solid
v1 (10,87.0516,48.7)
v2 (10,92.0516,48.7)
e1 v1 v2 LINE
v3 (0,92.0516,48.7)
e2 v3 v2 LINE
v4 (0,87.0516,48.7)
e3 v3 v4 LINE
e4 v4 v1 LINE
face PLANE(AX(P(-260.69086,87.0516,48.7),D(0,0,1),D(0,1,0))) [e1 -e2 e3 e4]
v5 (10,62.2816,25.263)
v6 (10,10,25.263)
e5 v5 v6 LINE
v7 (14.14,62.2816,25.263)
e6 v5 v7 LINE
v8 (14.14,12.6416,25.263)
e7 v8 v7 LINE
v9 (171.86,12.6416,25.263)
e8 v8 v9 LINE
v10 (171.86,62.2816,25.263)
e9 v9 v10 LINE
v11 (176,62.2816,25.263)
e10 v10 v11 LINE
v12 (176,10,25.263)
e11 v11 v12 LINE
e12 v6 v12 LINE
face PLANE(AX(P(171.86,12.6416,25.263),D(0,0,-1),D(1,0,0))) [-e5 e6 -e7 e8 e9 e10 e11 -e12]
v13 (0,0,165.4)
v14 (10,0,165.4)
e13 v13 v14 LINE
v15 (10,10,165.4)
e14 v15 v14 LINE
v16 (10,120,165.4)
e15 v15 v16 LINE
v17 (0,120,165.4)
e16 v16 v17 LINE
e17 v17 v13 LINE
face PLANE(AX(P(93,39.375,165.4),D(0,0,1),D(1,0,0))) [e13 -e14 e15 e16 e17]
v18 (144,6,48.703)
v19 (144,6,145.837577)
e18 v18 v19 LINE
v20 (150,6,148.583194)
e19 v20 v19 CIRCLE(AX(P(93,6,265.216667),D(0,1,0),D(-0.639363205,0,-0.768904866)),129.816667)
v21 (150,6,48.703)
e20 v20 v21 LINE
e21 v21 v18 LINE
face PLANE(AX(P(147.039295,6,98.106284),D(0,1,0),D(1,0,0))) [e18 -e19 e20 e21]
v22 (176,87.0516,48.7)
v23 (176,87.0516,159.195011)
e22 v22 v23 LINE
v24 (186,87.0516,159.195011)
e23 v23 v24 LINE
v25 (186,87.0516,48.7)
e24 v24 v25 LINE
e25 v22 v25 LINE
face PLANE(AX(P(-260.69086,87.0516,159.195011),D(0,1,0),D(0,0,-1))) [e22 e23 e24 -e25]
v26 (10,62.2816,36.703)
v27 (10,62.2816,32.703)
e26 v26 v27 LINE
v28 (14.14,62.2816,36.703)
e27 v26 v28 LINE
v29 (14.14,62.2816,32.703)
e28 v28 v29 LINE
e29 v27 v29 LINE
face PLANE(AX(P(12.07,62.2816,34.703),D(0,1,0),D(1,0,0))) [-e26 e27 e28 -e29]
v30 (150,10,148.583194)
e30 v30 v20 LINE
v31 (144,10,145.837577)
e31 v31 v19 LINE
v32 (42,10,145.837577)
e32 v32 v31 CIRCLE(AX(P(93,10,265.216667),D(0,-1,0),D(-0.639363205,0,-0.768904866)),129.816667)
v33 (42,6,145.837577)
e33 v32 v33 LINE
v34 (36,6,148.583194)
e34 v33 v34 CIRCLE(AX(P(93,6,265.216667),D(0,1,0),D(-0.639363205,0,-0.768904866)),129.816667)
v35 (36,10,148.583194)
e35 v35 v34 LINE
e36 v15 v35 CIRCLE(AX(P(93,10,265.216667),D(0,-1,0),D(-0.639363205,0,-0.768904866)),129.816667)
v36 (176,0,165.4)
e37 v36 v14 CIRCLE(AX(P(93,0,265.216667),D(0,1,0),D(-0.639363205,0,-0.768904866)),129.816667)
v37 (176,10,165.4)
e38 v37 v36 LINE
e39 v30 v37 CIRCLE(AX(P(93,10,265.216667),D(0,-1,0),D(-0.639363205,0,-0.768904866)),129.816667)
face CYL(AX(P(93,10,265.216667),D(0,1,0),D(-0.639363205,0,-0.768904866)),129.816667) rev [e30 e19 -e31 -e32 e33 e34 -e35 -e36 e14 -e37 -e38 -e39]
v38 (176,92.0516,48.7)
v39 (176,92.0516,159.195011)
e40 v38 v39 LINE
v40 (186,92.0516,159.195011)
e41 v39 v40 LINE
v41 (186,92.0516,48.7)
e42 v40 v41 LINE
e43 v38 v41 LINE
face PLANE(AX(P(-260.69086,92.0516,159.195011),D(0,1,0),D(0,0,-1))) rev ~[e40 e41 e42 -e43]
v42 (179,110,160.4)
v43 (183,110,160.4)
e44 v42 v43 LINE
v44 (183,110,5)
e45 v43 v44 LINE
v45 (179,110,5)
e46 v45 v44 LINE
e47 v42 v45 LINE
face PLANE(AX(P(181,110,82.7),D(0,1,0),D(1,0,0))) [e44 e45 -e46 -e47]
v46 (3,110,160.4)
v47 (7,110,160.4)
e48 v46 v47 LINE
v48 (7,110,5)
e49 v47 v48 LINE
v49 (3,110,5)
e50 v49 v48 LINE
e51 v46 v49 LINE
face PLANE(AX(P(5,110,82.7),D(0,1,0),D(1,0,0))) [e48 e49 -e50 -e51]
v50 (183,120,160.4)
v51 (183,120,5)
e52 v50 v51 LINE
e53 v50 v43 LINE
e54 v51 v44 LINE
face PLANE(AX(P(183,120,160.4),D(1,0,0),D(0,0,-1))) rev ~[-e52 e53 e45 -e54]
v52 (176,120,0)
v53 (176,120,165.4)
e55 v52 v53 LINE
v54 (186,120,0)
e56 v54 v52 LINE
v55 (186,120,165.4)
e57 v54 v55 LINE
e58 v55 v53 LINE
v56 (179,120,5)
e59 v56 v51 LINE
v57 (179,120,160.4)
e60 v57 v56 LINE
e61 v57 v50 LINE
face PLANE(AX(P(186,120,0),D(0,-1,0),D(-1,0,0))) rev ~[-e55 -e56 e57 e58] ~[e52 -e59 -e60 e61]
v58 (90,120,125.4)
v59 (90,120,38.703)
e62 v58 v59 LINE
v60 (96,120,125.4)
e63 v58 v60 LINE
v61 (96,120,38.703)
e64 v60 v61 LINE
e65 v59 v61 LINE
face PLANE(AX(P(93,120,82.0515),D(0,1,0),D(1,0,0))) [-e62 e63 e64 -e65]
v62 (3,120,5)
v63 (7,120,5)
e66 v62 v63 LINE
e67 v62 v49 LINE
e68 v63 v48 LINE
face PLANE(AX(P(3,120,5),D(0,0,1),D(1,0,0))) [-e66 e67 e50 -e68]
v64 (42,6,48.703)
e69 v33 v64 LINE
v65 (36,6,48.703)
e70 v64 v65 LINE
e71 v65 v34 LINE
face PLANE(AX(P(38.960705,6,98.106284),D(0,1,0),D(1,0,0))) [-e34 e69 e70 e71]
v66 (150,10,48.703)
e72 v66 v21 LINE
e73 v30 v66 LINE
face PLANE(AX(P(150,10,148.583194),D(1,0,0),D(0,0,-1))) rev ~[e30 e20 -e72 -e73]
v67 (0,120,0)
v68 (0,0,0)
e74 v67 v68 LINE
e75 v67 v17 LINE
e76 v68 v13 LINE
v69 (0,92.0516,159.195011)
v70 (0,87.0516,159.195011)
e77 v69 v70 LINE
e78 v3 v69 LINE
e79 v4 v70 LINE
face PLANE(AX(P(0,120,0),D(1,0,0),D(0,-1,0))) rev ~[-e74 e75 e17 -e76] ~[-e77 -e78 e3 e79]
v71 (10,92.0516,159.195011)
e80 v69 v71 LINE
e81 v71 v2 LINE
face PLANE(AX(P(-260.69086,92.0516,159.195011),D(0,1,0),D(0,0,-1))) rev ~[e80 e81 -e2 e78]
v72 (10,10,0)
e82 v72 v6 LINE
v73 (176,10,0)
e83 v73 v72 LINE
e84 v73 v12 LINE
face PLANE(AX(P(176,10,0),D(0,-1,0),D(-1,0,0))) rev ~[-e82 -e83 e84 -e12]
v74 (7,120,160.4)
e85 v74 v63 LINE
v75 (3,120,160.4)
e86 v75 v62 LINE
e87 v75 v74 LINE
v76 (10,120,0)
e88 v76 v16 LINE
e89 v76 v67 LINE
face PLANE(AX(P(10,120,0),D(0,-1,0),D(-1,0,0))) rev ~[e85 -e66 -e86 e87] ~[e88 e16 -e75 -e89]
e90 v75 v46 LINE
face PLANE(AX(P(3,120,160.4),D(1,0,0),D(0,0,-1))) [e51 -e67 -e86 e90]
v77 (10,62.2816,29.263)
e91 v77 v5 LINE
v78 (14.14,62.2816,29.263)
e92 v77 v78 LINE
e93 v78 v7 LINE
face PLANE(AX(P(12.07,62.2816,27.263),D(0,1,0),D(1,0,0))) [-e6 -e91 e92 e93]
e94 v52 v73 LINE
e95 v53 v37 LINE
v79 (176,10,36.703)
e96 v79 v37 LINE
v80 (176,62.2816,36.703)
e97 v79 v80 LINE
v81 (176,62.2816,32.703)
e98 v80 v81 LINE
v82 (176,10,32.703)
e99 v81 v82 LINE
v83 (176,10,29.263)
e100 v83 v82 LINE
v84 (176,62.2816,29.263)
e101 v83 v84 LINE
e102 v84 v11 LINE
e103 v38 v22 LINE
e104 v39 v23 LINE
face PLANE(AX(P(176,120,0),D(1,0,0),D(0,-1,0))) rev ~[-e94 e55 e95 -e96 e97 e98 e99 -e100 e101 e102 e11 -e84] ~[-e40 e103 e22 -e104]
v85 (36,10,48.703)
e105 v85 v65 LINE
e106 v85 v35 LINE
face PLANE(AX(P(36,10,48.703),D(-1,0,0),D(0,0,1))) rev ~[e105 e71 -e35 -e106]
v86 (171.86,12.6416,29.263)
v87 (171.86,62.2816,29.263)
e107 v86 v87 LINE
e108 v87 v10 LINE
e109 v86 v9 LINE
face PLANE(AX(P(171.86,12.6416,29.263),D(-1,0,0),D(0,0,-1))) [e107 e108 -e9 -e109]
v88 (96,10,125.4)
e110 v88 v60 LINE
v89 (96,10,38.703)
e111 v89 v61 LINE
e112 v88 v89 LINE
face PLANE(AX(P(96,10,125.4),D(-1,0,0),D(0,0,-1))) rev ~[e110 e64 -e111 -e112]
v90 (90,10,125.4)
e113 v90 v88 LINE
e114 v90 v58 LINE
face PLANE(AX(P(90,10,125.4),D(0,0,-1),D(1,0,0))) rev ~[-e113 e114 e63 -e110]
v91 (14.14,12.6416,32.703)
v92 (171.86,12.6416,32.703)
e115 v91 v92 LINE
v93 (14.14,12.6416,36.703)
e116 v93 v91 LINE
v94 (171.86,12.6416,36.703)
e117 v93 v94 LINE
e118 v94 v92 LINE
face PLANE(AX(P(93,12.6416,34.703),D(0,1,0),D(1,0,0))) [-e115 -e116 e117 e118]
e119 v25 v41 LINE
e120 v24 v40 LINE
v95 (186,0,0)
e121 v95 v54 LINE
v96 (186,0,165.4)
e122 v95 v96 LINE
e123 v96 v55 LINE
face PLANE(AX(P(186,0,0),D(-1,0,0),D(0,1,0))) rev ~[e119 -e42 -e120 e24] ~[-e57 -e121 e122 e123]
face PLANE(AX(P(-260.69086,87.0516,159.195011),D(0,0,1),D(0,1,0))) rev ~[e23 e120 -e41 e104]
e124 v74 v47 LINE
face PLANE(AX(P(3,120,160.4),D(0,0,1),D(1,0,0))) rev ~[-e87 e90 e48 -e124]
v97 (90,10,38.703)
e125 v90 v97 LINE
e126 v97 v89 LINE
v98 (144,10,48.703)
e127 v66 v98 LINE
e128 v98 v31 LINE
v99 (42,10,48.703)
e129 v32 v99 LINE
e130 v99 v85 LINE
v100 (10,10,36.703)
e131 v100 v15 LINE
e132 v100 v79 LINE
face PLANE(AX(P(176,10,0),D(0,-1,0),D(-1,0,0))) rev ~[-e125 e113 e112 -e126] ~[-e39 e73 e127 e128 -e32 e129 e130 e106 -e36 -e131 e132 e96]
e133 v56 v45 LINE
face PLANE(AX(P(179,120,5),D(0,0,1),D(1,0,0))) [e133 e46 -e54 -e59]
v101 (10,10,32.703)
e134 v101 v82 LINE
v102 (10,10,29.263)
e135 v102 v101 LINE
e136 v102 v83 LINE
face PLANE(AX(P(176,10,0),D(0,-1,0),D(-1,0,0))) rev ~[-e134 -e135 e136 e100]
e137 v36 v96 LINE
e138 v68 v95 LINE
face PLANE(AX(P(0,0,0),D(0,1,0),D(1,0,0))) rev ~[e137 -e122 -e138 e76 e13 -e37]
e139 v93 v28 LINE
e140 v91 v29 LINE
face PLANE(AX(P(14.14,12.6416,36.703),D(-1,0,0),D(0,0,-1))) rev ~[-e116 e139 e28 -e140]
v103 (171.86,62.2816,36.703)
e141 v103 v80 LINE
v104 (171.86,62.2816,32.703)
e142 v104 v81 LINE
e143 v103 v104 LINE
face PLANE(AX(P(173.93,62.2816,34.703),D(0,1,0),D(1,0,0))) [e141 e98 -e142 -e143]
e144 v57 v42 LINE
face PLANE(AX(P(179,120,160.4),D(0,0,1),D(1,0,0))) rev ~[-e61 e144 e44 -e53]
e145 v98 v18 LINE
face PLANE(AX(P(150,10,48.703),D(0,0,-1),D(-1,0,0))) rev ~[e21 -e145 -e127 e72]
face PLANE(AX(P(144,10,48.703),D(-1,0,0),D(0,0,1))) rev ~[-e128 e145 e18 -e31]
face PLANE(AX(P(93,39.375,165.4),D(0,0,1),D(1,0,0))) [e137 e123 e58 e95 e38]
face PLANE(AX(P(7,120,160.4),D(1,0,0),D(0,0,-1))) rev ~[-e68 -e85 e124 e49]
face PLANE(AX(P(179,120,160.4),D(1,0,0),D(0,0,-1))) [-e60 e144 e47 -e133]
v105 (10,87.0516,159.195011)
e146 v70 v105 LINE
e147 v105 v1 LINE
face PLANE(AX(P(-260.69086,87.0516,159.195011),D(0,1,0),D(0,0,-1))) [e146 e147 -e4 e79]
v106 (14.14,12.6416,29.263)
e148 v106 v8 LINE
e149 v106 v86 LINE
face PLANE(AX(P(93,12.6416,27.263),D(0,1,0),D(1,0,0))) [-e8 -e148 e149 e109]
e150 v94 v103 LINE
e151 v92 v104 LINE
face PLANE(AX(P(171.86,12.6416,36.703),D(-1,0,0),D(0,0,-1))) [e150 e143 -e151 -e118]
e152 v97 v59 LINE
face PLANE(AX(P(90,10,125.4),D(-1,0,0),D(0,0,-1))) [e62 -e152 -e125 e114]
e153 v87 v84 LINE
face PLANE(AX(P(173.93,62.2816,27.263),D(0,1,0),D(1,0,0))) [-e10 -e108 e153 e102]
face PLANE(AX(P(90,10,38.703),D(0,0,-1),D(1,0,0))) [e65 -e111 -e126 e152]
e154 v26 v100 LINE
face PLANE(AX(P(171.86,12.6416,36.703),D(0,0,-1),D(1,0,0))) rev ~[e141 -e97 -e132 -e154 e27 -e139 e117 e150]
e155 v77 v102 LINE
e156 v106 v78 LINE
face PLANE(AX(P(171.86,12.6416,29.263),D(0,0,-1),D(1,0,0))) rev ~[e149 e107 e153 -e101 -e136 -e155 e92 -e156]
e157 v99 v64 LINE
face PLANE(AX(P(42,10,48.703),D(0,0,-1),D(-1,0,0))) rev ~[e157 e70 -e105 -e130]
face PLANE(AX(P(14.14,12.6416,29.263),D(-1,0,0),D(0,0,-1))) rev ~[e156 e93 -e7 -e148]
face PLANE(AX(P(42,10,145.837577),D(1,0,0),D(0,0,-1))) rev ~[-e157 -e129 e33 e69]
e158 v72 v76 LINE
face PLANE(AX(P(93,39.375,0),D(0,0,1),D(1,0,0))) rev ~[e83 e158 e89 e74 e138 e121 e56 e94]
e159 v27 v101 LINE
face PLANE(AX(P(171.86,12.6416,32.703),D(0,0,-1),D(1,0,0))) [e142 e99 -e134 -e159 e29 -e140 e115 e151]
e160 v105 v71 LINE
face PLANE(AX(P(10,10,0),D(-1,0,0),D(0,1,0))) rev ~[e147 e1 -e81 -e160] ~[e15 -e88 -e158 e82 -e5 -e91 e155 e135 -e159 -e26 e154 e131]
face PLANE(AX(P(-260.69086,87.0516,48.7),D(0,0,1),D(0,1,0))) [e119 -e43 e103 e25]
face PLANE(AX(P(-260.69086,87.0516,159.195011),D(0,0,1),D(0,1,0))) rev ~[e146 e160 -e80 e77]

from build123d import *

# Parameters (mm, degrees)
EXTRUDE_THIN2_DEPTH     = 165.4
SKETCH11_W              = 166
SKETCH11_H              = 4
BOSS_EXTRUDE3_DEPTH     = 2.6416
CUT_EXTRUDE6_DEPTH      = 270.69086006
CUT_EXTRUDE6_DEPTH_BACK = 270.69086006
SKETCH13_W              = 110.495011338
SKETCH13_H              = 5
CUT_EXTRUDE7_DEPTH      = 273.127102656
SKETCH19_W              = 4
SKETCH19_H              = 155.4
CUT_EXTRUDE9_DEPTH      = 10
SKETCH20_W              = 4
SKETCH20_H              = 155.4
CUT_EXTRUDE10_DEPTH     = 10
SKETCH21_W              = 6
SKETCH21_H              = 86.697
BOSS_EXTRUDE4_DEPTH     = 110
CUT_EXTRUDE11_DEPTH     = 4
SKETCH23_W              = 166
SKETCH23_H              = 4
BOSS_EXTRUDE5_DEPTH     = 2.6416
SKETCH24_W              = 4.14
SKETCH24_H              = 4
BOSS_EXTRUDE6_DEPTH     = 49.64
SKETCH25_W              = 4.14
SKETCH25_H              = 4
BOSS_EXTRUDE7_DEPTH     = 49.64
SKETCH26_W              = 4.14
SKETCH26_H              = 4
BOSS_EXTRUDE8_DEPTH     = 49.64
SKETCH27_W              = 4.14
SKETCH27_H              = 4
BOSS_EXTRUDE9_DEPTH     = 49.64


with BuildPart() as part:
    # Sketch2 → Extrude-Thin2 (new body)
    with BuildSketch(Plane.XY):
        Polygon((0, 120), (0, 0), (186, 0), (186, 120), (176, 120), (176, 10), (10, 10), (10, 120), align=None)
    extrude(amount=EXTRUDE_THIN2_DEPTH)

    # Sketch11 → Boss-Extrude3 (add)
    with BuildSketch(Plane(origin=(0, 10, 0), x_dir=(1, 0, 0), z_dir=(0, 1, 0))):
        with Locations((93, -34.703)):
            Rectangle(SKETCH11_W, SKETCH11_H)
    extrude(amount=BOSS_EXTRUDE3_DEPTH)

    # Sketch13 → Cut-Extrude6 (cut, two sides: drawn at the far end of the back side and taken through both)
    with BuildSketch(Plane(origin=(10, 0, 0), x_dir=(0, 0, -1), z_dir=(1, 0, 0)).offset(-CUT_EXTRUDE6_DEPTH_BACK)):
        with Locations((-103.947505669, 89.551599899)):
            Rectangle(SKETCH13_W, SKETCH13_H)
    extrude(amount=CUT_EXTRUDE6_DEPTH + CUT_EXTRUDE6_DEPTH_BACK, mode=Mode.SUBTRACT)

    # Sketch14 → Cut-Extrude7 (cut, through all)
    with BuildSketch(Plane(origin=(0, 10, 0), x_dir=(1, 0, 0), z_dir=(0, 1, 0))):
        with BuildLine():
            Line((176, -165.4), (10, -165.4))
            ThreePointArc((10, -165.4), (93, -135.4), (176, -165.4))
        make_face()
    extrude(amount=-CUT_EXTRUDE7_DEPTH, mode=Mode.SUBTRACT)

    # Sketch19 → Cut-Extrude9 (cut)
    with BuildSketch(Plane(origin=(0, 120, 0), x_dir=(1, 0, 0), z_dir=(0, 1, 0))):
        with Locations((5, -82.7)):
            Rectangle(SKETCH19_W, SKETCH19_H)
    extrude(amount=-CUT_EXTRUDE9_DEPTH, mode=Mode.SUBTRACT)

    # Sketch20 → Cut-Extrude10 (cut)
    with BuildSketch(Plane(origin=(0, 120, 0), x_dir=(1, 0, 0), z_dir=(0, 1, 0))):
        with Locations((181, -82.7)):
            Rectangle(SKETCH20_W, SKETCH20_H)
    extrude(amount=-CUT_EXTRUDE10_DEPTH, mode=Mode.SUBTRACT)

    # Sketch21 → Boss-Extrude4 (add, through all)
    with BuildSketch(Plane(origin=(0, 10, 0), x_dir=(1, 0, 0), z_dir=(0, 1, 0))):
        with Locations((93, -82.0515)):
            Rectangle(SKETCH21_W, SKETCH21_H)
    extrude(amount=BOSS_EXTRUDE4_DEPTH)

    # Sketch22 → Cut-Extrude11 (cut)
    with BuildSketch(Plane(origin=(0, 10, 0), x_dir=(1, 0, 0), z_dir=(0, 1, 0))):
        Polygon((36, -48.703), (36, -148.583194008), (42, -145.837577441), (42, -48.703), align=None)
        Polygon((144, -145.837577441), (150, -148.583194008), (150, -48.703), (144, -48.703), align=None)
    extrude(amount=-CUT_EXTRUDE11_DEPTH, mode=Mode.SUBTRACT)

    # Sketch23 → Boss-Extrude5 (add)
    with BuildSketch(Plane(origin=(0, 10, 0), x_dir=(1, 0, 0), z_dir=(0, 1, 0))):
        with Locations((93, -27.263)):
            Rectangle(SKETCH23_W, SKETCH23_H)
    extrude(amount=BOSS_EXTRUDE5_DEPTH)

    # Sketch24 → Boss-Extrude6 (add)
    with BuildSketch(Plane(origin=(0, 12.6416, 0), x_dir=(1, 0, 0), z_dir=(0, 1, 0))):
        with Locations((12.07, -27.263)):
            Rectangle(SKETCH24_W, SKETCH24_H)
    extrude(amount=BOSS_EXTRUDE6_DEPTH)

    # Sketch25 → Boss-Extrude7 (add)
    with BuildSketch(Plane(origin=(0, 12.6416, 0), x_dir=(1, 0, 0), z_dir=(0, 1, 0))):
        with Locations((173.93, -27.263)):
            Rectangle(SKETCH25_W, SKETCH25_H)
    extrude(amount=BOSS_EXTRUDE7_DEPTH)

    # Sketch26 → Boss-Extrude8 (add)
    with BuildSketch(Plane(origin=(0, 12.6416, 0), x_dir=(1, 0, 0), z_dir=(0, 1, 0))):
        with Locations((12.07, -34.703)):
            Rectangle(SKETCH26_W, SKETCH26_H)
    extrude(amount=BOSS_EXTRUDE8_DEPTH)

    # Sketch27 → Boss-Extrude9 (add)
    with BuildSketch(Plane(origin=(0, 12.6416, 0), x_dir=(1, 0, 0), z_dir=(0, 1, 0))):
        with Locations((173.93, -34.703)):
            Rectangle(SKETCH27_W, SKETCH27_H)
    extrude(amount=BOSS_EXTRUDE9_DEPTH)


solid = part.part
